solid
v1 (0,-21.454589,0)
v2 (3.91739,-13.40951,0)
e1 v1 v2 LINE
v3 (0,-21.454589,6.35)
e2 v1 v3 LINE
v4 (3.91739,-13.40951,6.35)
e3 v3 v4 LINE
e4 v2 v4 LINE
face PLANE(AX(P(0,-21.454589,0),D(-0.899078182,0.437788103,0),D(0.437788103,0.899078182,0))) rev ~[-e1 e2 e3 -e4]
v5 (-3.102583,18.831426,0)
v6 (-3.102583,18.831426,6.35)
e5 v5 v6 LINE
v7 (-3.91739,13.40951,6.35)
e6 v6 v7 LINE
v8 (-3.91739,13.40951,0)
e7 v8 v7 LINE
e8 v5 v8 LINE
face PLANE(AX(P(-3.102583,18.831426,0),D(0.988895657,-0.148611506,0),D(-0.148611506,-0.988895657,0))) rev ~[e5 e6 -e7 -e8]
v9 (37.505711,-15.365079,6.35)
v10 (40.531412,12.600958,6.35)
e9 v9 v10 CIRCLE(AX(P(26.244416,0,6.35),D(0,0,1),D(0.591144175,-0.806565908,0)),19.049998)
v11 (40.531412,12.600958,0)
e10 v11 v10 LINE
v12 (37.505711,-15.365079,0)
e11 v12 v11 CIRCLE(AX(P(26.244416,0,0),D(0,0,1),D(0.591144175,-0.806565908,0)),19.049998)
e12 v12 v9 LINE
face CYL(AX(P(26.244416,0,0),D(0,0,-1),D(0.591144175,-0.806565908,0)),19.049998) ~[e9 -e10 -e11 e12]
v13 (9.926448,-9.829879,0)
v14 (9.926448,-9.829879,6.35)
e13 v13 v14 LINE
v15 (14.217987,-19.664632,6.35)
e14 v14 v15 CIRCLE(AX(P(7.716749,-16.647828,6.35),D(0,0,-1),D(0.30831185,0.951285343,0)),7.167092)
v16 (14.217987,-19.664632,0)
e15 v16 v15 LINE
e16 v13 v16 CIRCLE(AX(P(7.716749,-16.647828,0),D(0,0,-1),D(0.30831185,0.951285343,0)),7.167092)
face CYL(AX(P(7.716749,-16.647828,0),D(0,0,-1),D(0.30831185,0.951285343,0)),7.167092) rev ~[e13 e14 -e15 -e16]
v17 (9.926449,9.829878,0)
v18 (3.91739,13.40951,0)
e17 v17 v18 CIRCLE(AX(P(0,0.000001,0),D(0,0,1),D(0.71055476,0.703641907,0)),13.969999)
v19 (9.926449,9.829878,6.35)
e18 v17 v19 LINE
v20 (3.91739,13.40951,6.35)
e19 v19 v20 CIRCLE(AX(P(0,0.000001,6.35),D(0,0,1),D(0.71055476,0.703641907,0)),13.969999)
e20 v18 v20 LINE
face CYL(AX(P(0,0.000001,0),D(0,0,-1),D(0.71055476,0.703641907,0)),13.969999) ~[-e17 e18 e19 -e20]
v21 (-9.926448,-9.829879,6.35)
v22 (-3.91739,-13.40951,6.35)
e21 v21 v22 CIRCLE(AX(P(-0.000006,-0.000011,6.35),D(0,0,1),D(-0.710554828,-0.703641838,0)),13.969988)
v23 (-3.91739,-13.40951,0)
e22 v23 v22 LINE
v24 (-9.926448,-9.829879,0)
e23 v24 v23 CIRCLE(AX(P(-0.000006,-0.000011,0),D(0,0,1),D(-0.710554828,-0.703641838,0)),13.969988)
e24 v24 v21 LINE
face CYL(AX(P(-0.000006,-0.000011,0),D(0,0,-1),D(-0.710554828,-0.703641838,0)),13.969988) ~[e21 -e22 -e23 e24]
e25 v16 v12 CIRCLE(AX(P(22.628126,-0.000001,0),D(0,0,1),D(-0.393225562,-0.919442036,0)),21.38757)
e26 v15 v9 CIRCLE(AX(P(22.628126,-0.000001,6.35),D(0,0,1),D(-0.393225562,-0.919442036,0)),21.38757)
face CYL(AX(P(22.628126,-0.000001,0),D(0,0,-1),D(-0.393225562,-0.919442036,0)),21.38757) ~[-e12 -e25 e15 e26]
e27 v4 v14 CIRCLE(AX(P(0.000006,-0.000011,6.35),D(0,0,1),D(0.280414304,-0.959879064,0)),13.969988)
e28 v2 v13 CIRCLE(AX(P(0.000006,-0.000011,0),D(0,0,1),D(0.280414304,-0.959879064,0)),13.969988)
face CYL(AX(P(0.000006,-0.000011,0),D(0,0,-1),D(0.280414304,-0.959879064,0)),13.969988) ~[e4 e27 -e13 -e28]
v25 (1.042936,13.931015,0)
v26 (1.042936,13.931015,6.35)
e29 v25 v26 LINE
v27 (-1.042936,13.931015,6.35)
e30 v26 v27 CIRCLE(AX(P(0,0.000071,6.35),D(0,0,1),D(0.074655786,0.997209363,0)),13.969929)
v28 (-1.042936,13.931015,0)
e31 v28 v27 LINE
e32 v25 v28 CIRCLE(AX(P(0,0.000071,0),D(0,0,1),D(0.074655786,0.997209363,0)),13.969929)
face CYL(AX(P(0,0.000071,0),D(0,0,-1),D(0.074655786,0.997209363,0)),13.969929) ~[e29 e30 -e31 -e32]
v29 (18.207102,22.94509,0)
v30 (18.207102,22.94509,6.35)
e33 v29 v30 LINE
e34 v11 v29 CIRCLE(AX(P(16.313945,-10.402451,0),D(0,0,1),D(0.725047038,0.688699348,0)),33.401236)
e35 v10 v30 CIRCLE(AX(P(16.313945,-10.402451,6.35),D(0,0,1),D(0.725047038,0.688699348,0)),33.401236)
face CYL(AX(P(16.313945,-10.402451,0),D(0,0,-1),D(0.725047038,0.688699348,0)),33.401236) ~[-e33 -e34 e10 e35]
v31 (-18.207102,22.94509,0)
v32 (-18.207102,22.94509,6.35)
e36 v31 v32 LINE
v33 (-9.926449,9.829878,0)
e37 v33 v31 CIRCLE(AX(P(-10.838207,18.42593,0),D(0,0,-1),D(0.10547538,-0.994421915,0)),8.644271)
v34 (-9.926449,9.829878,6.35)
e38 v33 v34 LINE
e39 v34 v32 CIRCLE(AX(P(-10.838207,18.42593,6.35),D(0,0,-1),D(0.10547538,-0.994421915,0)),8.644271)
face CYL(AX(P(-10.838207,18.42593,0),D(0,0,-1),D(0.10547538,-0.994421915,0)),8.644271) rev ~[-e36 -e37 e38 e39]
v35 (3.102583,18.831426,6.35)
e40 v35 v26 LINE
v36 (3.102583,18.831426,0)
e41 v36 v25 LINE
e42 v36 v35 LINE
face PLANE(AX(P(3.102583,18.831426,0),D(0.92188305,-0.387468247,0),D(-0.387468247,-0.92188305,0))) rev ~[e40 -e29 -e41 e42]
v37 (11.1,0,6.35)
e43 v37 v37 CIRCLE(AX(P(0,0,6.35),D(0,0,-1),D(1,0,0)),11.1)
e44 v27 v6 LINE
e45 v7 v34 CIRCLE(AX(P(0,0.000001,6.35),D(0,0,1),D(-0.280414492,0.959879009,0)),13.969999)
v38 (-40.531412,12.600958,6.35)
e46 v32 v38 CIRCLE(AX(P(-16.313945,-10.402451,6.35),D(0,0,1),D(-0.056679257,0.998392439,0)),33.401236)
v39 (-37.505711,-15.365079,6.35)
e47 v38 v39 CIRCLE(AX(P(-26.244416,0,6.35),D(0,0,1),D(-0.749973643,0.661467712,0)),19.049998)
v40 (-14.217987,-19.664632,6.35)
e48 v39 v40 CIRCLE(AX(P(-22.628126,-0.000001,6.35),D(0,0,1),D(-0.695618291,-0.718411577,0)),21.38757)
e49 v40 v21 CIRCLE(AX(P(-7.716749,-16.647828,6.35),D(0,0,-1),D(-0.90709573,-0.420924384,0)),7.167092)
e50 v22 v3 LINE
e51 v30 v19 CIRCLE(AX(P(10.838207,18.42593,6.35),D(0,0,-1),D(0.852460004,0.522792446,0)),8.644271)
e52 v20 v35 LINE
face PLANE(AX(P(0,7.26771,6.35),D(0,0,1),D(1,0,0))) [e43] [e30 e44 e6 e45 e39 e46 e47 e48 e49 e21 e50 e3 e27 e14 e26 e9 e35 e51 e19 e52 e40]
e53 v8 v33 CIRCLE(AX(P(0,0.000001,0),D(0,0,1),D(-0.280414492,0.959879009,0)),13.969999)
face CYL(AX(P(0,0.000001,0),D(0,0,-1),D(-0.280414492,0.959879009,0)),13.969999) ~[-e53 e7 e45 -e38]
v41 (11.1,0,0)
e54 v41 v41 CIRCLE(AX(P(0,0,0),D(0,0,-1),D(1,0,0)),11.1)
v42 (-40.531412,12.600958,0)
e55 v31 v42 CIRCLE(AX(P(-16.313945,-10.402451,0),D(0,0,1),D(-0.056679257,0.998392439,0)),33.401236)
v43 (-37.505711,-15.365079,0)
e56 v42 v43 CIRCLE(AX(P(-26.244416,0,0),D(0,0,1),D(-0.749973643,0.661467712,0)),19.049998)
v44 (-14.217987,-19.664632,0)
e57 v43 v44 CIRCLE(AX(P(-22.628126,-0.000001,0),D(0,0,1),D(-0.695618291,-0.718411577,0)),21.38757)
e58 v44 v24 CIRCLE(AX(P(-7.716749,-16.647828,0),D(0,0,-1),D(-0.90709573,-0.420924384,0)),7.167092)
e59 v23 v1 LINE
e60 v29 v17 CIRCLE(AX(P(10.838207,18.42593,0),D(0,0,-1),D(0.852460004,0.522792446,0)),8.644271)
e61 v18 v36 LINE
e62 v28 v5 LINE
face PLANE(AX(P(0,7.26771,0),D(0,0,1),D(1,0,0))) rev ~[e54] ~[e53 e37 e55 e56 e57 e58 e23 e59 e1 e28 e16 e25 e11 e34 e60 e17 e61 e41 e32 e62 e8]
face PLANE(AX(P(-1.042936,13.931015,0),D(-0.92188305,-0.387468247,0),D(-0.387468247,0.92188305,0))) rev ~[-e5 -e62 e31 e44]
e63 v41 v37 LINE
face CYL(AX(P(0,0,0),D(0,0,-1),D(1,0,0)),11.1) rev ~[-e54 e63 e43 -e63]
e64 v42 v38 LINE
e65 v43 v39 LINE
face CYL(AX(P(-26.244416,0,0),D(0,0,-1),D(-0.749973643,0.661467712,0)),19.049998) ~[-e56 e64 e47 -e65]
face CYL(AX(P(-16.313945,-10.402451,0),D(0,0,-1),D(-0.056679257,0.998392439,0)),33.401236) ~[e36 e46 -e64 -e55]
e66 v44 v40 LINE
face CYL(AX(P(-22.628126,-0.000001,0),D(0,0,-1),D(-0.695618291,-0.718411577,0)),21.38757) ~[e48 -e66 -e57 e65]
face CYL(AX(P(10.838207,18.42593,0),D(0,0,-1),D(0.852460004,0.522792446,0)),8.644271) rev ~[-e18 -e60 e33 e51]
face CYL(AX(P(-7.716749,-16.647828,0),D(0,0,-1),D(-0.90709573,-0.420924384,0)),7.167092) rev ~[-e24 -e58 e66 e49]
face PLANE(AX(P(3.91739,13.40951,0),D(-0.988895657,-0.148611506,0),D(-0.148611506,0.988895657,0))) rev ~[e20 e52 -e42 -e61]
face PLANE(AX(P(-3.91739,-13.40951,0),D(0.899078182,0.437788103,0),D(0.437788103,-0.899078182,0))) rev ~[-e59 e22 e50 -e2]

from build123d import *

# Parameters (mm, degrees)
F1_DEPTH = 6.35


with BuildPart() as f1:
    # F0 (on Top) → F1 (new body)
    with BuildSketch(Plane.XY):
        with BuildLine():
            Line((11.1, 0), (13.97, 0))
            ThreePointArc((13.97, 0), (12.919625, 5.314527), (9.926449, 9.829878))
            ThreePointArc((9.926449, 9.829878), (7.149575, 12.001853), (3.91739, 13.40951))
            ThreePointArc((3.91739, 13.40951), (2.493833, 13.745607), (1.042936, 13.931015))
            ThreePointArc((1.042936, 13.931015), (0, 13.97), (-1.042936, 13.931015))
            ThreePointArc((-1.042936, 13.931015), (-2.493833, 13.745607), (-3.91739, 13.40951))
            ThreePointArc((-3.91739, 13.40951), (-7.149575, 12.001853), (-9.926449, 9.829878))
            ThreePointArc((-9.926449, 9.829878), (-12.919625, 5.314527), (-13.97, 0))
            Line((-13.97, 0), (-11.1, 0))
            ThreePointArc((-11.1, 0), (0, 11.1), (11.1, 0))
        make_face()
        with BuildLine():
            ThreePointArc((9.926449, 9.829878), (12.919625, 5.314527), (13.97, 0))
            ThreePointArc((13.97, 0), (12.919624, -5.314528), (9.926448, -9.829879))
            ThreePointArc((9.926448, -9.829879), (14.285668, -13.781384), (14.217987, -19.664632))
            ThreePointArc((14.217987, -19.664632), (26.511231, -21.032111), (37.505711, -15.365079))
            ThreePointArc((37.505711, -15.365079), (45.183888, -2.049099), (40.531412, 12.600958))
            ThreePointArc((40.531412, 12.600958), (30.356432, 19.903507), (18.207102, 22.94509))
            ThreePointArc((18.207102, 22.94509), (18.147506, 13.811002), (9.926449, 9.829878))
        make_face()
        with BuildLine():
            ThreePointArc((9.926448, -9.829879), (12.919624, -5.314528), (13.97, 0))
            Line((13.97, 0), (11.1, 0))
            ThreePointArc((11.1, 0), (0, -11.1), (-11.1, 0))
            Line((-11.1, 0), (-13.97, 0))
            ThreePointArc((-13.97, 0), (-12.919624, -5.314528), (-9.926448, -9.829879))
            ThreePointArc((-9.926448, -9.829879), (-7.149574, -12.001854), (-3.91739, -13.40951))
            ThreePointArc((-3.91739, -13.40951), (0, -13.97), (3.91739, -13.40951))
            ThreePointArc((3.91739, -13.40951), (7.149574, -12.001854), (9.926448, -9.829879))
        make_face()
        with BuildLine():
            ThreePointArc((1.042936, 13.931015), (2.493833, 13.745607), (3.91739, 13.40951))
            Line((3.91739, 13.40951), (3.102583, 18.831426))
            Line((3.102583, 18.831426), (1.042936, 13.931015))
        make_face()
        with BuildLine():
            Line((0, -21.454589), (3.91739, -13.40951))
            ThreePointArc((3.91739, -13.40951), (0, -13.97), (-3.91739, -13.40951))
            Line((-3.91739, -13.40951), (0, -21.454589))
        make_face()
        with BuildLine():
            ThreePointArc((-9.926448, -9.829879), (-12.919624, -5.314528), (-13.97, 0))
            ThreePointArc((-13.97, 0), (-12.919625, 5.314527), (-9.926449, 9.829878))
            ThreePointArc((-9.926449, 9.829878), (-18.147506, 13.811002), (-18.207102, 22.94509))
            ThreePointArc((-18.207102, 22.94509), (-30.356432, 19.903507), (-40.531412, 12.600958))
            ThreePointArc((-40.531412, 12.600958), (-45.183888, -2.049099), (-37.505711, -15.365079))
            ThreePointArc((-37.505711, -15.365079), (-26.511231, -21.032111), (-14.217987, -19.664632))
            ThreePointArc((-14.217987, -19.664632), (-14.285668, -13.781384), (-9.926448, -9.829879))
        make_face()
        with BuildLine():
            ThreePointArc((-3.91739, 13.40951), (-2.493833, 13.745607), (-1.042936, 13.931015))
            Line((-1.042936, 13.931015), (-3.102583, 18.831426))
            Line((-3.102583, 18.831426), (-3.91739, 13.40951))
        make_face()
    extrude(amount=F1_DEPTH)


solid = f1.part
